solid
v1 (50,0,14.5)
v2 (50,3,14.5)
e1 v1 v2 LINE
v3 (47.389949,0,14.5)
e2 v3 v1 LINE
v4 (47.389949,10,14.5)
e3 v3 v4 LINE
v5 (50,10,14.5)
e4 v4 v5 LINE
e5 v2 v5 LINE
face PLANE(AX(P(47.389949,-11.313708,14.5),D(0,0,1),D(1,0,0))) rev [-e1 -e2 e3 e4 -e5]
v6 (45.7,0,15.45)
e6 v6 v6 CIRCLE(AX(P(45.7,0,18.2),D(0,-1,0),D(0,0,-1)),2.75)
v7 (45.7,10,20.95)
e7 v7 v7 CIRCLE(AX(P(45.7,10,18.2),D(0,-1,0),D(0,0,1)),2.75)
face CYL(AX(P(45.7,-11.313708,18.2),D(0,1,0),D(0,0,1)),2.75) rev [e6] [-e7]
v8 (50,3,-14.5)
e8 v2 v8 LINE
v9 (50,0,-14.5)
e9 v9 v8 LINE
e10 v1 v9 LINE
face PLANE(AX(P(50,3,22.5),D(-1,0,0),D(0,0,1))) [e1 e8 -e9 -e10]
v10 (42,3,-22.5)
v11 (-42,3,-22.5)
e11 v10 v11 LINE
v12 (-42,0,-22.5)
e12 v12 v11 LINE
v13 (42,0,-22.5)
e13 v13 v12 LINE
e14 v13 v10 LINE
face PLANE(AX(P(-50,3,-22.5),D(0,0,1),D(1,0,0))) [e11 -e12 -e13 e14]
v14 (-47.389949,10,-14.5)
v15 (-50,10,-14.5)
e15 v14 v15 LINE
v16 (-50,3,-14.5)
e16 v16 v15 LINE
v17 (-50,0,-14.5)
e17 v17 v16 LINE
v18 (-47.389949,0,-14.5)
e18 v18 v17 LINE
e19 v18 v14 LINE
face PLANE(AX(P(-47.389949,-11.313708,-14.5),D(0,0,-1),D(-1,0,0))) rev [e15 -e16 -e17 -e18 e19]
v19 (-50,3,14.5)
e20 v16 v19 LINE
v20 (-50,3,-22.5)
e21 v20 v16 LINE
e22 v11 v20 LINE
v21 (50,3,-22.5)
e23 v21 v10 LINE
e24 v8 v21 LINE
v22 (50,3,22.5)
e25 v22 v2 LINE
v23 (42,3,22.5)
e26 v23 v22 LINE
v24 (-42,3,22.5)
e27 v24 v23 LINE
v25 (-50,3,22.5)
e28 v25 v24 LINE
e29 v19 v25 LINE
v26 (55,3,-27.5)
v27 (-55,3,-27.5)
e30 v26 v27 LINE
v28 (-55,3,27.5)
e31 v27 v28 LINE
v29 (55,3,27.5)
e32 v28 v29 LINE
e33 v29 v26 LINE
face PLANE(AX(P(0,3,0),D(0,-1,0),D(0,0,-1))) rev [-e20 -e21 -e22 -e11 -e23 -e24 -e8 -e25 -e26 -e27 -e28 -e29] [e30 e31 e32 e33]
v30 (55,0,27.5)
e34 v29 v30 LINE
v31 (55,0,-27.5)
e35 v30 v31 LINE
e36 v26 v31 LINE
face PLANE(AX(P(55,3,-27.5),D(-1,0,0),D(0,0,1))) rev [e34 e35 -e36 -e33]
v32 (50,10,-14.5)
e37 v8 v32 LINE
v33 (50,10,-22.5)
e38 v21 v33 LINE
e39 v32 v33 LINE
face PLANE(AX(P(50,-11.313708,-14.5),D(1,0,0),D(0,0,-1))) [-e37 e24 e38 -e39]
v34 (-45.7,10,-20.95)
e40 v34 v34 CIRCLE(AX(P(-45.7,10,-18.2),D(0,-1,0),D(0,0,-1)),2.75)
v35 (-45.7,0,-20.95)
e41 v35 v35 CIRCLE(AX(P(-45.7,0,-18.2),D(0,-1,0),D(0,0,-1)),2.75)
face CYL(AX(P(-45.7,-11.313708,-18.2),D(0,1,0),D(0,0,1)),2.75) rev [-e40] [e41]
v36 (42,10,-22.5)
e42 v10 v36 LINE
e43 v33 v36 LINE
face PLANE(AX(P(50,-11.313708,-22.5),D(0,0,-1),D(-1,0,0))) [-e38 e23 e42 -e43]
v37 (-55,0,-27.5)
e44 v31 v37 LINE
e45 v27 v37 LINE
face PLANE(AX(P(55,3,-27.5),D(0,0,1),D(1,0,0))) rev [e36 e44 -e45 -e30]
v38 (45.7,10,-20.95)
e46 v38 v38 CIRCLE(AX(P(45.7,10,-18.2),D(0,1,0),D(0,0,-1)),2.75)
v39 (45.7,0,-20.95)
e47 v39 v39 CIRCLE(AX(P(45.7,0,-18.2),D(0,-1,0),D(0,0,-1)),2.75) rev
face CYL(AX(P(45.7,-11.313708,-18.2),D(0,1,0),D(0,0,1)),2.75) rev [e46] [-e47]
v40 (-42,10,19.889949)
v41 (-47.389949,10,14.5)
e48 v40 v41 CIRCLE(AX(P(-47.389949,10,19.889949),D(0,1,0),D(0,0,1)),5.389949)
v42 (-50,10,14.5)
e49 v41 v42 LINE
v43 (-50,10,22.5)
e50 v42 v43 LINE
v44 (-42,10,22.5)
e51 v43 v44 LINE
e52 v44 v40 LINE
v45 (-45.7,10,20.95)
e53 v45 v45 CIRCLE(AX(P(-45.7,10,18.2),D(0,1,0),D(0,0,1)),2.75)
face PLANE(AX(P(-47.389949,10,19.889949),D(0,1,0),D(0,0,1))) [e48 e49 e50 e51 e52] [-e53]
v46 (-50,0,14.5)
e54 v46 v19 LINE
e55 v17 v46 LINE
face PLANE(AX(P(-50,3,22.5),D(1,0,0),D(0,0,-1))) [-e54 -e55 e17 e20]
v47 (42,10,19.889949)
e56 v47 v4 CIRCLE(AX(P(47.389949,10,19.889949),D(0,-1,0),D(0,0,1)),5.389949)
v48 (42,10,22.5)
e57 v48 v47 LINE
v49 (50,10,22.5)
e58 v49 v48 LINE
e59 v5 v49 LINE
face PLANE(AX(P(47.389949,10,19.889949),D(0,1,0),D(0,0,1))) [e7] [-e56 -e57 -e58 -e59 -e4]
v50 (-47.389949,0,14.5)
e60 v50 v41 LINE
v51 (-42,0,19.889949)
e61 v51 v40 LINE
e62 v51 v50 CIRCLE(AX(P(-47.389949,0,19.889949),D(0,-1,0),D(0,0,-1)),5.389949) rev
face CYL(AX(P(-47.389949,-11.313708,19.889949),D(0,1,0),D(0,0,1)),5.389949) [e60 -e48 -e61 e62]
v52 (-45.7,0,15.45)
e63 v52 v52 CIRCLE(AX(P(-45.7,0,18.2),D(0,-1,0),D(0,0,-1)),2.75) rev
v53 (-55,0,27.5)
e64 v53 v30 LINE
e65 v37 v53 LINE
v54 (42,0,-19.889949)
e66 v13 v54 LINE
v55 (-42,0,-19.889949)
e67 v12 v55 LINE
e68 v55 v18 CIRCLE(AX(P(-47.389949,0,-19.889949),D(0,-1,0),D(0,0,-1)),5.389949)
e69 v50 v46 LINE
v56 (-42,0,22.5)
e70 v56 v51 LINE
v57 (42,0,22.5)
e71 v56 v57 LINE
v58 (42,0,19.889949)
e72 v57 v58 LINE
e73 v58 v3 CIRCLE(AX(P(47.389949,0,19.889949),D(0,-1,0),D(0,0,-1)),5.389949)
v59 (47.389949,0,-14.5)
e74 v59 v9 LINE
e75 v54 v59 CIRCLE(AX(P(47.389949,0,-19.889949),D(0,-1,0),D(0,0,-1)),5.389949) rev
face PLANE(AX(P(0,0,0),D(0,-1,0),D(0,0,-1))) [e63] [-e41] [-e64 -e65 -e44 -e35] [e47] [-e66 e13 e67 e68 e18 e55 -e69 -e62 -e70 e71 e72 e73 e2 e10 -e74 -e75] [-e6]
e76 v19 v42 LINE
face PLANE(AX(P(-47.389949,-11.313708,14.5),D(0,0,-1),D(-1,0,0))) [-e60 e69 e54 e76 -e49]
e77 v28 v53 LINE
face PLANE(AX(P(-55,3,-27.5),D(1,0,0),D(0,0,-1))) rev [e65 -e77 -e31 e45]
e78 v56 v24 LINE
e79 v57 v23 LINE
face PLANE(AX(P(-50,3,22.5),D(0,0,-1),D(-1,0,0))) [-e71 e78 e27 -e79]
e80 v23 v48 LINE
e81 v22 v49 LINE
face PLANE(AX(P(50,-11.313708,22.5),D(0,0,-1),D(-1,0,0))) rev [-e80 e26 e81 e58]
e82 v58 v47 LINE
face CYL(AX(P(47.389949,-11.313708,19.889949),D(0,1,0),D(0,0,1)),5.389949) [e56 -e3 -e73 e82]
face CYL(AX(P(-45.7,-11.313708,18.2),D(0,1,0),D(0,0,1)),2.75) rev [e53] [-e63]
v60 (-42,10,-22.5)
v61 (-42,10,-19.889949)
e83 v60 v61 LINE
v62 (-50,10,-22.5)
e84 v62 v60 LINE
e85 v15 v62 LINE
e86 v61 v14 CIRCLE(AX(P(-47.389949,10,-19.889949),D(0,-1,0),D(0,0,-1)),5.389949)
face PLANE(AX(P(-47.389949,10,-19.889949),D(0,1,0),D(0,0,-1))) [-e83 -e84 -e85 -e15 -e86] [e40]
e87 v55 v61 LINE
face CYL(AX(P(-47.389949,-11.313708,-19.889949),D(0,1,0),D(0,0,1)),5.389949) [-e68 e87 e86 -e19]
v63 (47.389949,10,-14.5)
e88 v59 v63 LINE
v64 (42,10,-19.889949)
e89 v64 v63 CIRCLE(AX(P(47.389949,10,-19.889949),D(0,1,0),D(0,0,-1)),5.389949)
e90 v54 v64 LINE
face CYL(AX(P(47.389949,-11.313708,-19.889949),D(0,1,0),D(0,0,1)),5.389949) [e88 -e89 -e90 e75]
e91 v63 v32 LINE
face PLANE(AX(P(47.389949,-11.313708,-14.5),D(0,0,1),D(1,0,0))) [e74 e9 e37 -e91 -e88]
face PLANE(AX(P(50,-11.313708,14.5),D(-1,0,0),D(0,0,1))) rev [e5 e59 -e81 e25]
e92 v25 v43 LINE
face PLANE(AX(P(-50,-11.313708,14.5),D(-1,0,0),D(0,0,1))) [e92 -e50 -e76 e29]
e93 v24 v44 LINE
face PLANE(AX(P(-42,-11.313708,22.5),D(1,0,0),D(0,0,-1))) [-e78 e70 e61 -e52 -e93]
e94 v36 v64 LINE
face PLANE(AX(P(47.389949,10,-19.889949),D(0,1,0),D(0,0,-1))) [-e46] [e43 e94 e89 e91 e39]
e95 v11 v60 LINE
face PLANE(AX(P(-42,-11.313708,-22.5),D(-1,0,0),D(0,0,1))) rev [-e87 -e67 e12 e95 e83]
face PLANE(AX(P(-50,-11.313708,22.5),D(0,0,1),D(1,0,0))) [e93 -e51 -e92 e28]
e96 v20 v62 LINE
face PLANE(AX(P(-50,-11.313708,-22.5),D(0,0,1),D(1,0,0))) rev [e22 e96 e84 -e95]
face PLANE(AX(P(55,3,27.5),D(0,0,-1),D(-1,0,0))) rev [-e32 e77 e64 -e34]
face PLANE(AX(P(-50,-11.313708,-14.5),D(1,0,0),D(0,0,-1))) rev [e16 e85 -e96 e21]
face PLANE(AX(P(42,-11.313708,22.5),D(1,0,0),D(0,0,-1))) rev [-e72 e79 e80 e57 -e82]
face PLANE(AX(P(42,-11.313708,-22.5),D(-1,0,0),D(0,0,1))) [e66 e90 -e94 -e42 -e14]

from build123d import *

# Parameters (mm, degrees)
SKETCH1_W                                  = 110
SKETCH1_H                                  = 55
SKETCH1_W_2                                = 100
SKETCH1_H_2                                = 45
BOSS_EXTRUDE1_DEPTH                        = 3
BOSS_EXTRUDE2_START                        = -3
SKETCH2_R                                  = 2.75
BOSS_EXTRUDE2_DEPTH                        = 10
MIRROR1_START                              = -3
MIRROR1_AT_THE_SECOND_PLANE_COPY_1_SKETC_R = 2.75
MIRROR1_AT_THE_SECOND_PLANE_COPY_1_DEPTH   = 10


with BuildPart() as part:
    # Sketch1 → Boss-Extrude1 (new body)
    with BuildSketch(Plane(origin=(0, 0, 0), x_dir=(1, 0, 0), z_dir=(0, 1, 0))):
        Rectangle(SKETCH1_W, SKETCH1_H)
        Rectangle(SKETCH1_W_2, SKETCH1_H_2, mode=Mode.SUBTRACT)
    extrude(amount=BOSS_EXTRUDE1_DEPTH)

    # Sketch2 → Boss-Extrude2 (add)
    with BuildSketch(Plane(origin=(0, 3, 0), x_dir=(1, 0, 0), z_dir=(0, 1, 0)).offset(BOSS_EXTRUDE2_START)):
        with BuildLine():
            Line((-50, -22.5), (-42, -22.5))
            Line((-42, -22.5), (-42, -19.889949494))
            ThreePointArc((-42, -19.889949494), (-43.578679656, -16.078679656), (-47.389949494, -14.5))
            Line((-47.389949494, -14.5), (-50, -14.5))
            Line((-50, -14.5), (-50, -22.5))
        make_face()
        with Locations(Location((-45.7, -18.2, 0), (0, 0, 270))):
            Circle(SKETCH2_R, mode=Mode.SUBTRACT)
    boss_extrude2 = extrude(amount=BOSS_EXTRUDE2_DEPTH)

    # Mirror1: Boss-Extrude2 across plane
    add(boss_extrude2.mirror(Plane.XY))

    # Mirror1 at the second plane: Boss-Extrude2 across plane
    add(boss_extrude2.mirror(Plane(origin=(0, 0, 0), x_dir=(0, 0, 1), z_dir=(1, 0, 0))))

    # Mirror1 at the second plane copy 1 sketc → Mirror1 at the second plane copy 1 (add)
    with BuildSketch(Plane(origin=(0, 3, 0), x_dir=(-1, 0, 0), z_dir=(0, 1, 0)).offset(MIRROR1_START)):
        with BuildLine():
            Line((-50, -22.5), (-42, -22.5))
            Line((-42, -22.5), (-42, -19.889949494))
            ThreePointArc((-42, -19.889949494), (-43.578679656, -16.078679656), (-47.389949494, -14.5))
            Line((-47.389949494, -14.5), (-50, -14.5))
            Line((-50, -14.5), (-50, -22.5))
        make_face()
        with Locations(Location((-45.7, -18.2, 0), (0, 0, 270))):
            Circle(MIRROR1_AT_THE_SECOND_PLANE_COPY_1_SKETC_R, mode=Mode.SUBTRACT)
    extrude(amount=MIRROR1_AT_THE_SECOND_PLANE_COPY_1_DEPTH)


solid = part.part
